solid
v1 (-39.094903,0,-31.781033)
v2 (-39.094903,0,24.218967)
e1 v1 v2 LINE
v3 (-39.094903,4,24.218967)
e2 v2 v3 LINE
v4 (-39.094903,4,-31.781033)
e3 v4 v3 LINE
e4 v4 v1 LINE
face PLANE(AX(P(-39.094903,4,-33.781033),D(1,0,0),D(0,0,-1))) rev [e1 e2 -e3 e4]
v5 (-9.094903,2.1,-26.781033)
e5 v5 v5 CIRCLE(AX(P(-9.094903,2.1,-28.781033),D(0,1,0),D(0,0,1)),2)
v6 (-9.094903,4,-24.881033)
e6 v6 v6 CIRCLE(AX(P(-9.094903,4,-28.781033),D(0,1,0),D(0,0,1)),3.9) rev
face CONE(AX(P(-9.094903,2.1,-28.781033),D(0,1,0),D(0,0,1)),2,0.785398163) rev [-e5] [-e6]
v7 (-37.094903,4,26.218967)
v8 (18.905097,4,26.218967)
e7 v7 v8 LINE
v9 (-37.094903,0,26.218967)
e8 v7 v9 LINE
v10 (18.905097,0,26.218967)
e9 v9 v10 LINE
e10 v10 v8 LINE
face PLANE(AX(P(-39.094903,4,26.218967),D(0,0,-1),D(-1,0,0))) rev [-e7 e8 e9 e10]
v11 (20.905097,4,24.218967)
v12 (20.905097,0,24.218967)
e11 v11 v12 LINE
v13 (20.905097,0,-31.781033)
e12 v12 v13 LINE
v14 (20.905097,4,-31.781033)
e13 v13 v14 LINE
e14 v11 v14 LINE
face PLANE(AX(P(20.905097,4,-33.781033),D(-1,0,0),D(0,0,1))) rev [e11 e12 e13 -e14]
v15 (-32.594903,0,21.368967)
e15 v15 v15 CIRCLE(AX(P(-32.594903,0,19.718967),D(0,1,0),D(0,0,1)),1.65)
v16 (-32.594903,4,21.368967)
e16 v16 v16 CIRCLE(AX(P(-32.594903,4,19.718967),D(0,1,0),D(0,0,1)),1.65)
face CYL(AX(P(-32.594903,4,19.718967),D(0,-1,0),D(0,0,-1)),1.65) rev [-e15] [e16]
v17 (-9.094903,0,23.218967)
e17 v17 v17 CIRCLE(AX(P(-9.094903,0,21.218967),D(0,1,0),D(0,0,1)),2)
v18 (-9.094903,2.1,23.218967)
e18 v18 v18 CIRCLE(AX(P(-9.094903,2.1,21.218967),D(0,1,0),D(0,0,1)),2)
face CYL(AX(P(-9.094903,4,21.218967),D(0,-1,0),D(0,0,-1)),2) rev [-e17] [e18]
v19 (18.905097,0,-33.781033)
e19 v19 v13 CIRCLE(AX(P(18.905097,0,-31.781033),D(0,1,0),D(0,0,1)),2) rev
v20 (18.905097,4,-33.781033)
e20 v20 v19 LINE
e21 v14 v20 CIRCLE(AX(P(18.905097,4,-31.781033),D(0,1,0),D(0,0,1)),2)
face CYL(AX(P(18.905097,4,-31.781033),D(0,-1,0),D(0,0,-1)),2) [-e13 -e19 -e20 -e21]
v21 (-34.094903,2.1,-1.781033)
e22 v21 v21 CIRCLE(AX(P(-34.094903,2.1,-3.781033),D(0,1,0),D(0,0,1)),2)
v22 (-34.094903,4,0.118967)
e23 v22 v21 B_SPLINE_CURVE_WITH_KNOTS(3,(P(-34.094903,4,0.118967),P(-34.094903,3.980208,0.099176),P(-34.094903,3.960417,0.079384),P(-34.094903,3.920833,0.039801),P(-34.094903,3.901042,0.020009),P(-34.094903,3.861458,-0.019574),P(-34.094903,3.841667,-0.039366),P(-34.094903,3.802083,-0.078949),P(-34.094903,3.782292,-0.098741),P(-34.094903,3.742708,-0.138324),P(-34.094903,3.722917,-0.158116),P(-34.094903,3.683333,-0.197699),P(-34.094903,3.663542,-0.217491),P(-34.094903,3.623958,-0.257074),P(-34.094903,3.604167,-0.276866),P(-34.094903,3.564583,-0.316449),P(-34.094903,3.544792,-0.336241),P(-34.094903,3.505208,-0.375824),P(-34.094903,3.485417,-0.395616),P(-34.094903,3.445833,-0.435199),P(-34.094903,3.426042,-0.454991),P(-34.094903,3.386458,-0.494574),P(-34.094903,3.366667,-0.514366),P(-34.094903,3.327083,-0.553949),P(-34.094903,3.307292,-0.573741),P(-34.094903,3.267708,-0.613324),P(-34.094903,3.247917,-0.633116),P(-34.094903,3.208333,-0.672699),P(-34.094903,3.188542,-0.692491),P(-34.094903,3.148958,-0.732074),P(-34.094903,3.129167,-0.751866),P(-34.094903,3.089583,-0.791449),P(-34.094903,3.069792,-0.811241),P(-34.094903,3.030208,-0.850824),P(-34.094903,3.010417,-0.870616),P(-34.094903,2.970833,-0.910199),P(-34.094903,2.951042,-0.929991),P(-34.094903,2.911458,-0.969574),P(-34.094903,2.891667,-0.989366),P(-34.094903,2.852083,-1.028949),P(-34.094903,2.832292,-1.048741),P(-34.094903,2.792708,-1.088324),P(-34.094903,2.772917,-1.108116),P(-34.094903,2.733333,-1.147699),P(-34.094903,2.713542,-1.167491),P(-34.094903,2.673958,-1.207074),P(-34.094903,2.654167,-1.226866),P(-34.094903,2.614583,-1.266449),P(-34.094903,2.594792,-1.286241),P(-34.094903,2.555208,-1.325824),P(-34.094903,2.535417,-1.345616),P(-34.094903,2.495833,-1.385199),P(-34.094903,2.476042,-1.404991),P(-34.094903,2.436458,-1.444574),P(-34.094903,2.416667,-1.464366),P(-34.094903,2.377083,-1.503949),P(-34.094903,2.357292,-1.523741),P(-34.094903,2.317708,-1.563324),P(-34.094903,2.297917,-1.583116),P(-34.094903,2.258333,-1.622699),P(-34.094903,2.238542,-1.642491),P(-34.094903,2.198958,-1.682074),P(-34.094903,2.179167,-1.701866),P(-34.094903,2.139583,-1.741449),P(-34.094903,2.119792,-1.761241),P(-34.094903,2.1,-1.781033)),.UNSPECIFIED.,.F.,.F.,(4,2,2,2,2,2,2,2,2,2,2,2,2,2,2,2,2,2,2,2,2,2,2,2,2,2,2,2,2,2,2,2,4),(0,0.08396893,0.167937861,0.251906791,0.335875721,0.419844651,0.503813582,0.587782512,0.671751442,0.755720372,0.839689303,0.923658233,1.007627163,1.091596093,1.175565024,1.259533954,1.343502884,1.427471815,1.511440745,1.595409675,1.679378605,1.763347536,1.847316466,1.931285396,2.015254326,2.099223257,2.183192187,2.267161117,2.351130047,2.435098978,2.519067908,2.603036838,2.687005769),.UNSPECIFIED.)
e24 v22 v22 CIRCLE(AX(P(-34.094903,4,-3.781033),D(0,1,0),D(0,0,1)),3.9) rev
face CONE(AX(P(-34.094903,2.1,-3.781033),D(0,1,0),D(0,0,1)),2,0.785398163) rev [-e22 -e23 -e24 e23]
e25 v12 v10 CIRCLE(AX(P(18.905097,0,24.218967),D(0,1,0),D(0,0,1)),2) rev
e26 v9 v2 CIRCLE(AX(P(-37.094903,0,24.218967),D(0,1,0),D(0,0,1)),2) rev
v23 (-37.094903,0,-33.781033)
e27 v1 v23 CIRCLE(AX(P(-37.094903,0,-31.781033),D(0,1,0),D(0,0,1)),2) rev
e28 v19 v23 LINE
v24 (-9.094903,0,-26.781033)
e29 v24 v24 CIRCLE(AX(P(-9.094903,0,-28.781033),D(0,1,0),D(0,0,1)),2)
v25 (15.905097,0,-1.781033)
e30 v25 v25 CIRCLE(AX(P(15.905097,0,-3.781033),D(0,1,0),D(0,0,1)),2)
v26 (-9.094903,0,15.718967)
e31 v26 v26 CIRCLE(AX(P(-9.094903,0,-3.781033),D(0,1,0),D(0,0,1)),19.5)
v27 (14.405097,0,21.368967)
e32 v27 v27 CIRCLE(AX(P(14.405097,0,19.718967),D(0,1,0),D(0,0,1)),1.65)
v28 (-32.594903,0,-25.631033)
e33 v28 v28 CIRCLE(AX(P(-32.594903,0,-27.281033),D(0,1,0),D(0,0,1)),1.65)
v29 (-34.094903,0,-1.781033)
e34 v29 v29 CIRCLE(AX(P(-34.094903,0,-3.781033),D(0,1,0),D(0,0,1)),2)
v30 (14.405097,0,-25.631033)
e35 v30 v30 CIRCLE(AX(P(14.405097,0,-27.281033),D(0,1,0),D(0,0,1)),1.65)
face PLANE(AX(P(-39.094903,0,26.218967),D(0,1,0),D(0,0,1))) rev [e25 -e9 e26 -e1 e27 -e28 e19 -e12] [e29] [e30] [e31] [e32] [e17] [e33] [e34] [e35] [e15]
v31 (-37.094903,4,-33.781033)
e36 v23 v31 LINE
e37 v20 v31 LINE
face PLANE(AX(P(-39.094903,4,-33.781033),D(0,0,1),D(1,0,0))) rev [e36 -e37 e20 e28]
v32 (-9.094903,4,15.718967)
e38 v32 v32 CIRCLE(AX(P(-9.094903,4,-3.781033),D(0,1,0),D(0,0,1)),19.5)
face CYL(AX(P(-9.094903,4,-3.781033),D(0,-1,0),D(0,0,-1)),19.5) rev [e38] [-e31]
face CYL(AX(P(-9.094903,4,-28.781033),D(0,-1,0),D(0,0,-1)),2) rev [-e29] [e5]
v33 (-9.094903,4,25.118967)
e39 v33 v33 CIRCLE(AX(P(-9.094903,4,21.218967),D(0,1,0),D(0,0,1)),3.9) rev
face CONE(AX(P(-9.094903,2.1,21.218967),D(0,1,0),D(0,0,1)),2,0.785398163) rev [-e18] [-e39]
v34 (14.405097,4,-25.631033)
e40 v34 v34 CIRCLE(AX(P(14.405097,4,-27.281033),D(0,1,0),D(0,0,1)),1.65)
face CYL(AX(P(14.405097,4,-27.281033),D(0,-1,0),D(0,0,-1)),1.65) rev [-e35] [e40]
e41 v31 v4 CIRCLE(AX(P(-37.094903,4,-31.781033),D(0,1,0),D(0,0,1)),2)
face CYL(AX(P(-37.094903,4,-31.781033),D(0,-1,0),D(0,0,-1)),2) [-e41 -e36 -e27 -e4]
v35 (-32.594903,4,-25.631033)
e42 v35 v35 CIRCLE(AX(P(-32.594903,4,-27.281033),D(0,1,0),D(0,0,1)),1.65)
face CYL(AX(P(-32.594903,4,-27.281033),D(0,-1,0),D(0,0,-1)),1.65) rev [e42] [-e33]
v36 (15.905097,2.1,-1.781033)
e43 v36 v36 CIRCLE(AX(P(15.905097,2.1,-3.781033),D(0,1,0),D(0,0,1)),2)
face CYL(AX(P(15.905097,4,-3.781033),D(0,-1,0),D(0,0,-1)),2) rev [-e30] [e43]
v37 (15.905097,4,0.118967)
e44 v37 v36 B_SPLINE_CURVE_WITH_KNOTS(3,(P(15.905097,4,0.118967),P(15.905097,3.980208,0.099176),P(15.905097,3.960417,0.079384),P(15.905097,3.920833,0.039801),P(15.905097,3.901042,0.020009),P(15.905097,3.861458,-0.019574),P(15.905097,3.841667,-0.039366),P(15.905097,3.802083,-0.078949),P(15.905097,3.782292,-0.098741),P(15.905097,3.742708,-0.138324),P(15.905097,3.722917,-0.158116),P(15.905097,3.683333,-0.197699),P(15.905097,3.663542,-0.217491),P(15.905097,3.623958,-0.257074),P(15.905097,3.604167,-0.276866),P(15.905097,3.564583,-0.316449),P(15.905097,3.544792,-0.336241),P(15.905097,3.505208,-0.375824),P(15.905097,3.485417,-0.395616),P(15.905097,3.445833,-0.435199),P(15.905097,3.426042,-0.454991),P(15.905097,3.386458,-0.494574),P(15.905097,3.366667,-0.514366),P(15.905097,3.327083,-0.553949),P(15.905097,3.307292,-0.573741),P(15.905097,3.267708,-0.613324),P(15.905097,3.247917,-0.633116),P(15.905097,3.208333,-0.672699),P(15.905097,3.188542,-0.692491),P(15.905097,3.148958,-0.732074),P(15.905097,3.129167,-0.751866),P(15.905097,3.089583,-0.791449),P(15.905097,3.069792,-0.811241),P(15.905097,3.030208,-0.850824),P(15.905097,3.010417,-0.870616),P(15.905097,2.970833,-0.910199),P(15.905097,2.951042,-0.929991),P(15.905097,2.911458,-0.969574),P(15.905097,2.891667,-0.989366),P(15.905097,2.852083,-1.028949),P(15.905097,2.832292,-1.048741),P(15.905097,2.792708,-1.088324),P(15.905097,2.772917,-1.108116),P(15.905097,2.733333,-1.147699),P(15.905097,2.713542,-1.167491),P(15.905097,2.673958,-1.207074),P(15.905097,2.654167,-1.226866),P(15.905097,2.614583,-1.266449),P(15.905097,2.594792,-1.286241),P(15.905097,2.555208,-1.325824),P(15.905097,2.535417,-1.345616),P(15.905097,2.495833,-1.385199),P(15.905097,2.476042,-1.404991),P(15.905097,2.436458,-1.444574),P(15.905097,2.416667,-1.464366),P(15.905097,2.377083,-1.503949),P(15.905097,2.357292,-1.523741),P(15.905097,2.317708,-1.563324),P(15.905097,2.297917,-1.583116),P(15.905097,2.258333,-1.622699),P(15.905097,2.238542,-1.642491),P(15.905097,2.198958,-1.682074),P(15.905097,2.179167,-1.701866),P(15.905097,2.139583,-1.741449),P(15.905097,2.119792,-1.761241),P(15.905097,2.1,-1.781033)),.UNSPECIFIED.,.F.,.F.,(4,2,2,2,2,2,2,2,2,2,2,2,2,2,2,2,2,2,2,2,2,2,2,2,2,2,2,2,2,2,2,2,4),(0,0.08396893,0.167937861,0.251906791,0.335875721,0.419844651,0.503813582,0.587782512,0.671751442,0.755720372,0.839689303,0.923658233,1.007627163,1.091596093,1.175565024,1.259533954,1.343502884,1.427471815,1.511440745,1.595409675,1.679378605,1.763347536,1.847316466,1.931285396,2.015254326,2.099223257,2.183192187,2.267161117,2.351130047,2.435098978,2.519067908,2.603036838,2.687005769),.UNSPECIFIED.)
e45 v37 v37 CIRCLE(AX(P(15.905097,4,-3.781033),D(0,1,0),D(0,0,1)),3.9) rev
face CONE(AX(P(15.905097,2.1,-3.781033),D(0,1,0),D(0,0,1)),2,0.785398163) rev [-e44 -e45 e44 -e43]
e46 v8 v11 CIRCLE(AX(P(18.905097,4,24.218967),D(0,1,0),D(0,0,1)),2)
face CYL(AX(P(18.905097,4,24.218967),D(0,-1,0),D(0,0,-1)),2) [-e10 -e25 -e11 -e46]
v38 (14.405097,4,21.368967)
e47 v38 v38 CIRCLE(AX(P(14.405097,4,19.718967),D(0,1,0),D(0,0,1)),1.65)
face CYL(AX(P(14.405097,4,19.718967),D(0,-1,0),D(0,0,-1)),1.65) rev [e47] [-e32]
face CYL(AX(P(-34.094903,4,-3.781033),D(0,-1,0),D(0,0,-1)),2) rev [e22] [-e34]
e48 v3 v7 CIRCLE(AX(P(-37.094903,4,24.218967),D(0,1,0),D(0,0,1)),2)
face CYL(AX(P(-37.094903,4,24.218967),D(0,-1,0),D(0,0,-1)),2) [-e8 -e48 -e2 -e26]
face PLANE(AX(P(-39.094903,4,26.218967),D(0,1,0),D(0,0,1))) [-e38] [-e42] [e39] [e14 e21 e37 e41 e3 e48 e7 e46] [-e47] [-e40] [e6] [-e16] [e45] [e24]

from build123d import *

# Parameters (mm, degrees)
SKETCH_1_W      = 60
SKETCH_1_H      = 60
SKETCH_1_R      = 1.65
SKETCH_1_R_2    = 19.5
SKETCH_1_R_3    = 2
EXTRUDE_1_DEPTH = 4
FILLET_1_R      = 2
CHAMFER_1_SIZE  = 1.9


with BuildPart() as part:
    # Эскиз1 → Бобышка-Вытянуть1 (new body)
    with BuildSketch(Plane(origin=(0, 0, 0), x_dir=(1, 0, 0), z_dir=(0, 1, 0))):
        with Locations((-9.094903125, 3.781032797)):
            Rectangle(SKETCH_1_W, SKETCH_1_H)
        with Locations(Location((-32.594903125, 27.281032797, 0), (0, 0, 270))):
            Circle(SKETCH_1_R, mode=Mode.SUBTRACT)
        with Locations(Location((14.405096875, 27.281032797, 0), (0, 0, 270))):
            Circle(SKETCH_1_R, mode=Mode.SUBTRACT)
        with Locations(Location((-32.594903125, -19.718967203, 0), (0, 0, 270))):
            Circle(SKETCH_1_R, mode=Mode.SUBTRACT)
        with Locations(Location((14.405096875, -19.718967203, 0), (0, 0, 270))):
            Circle(SKETCH_1_R, mode=Mode.SUBTRACT)
        with Locations(Location((-9.094903125, 3.781032797, 0), (0, 0, 270))):
            Circle(SKETCH_1_R_2, mode=Mode.SUBTRACT)
        with Locations(Location((-34.094903125, 3.781032797, 0), (0, 0, 270))):
            Circle(SKETCH_1_R_3, mode=Mode.SUBTRACT)
        with Locations(Location((15.905096875, 3.781032797, 0), (0, 0, 270))):
            Circle(SKETCH_1_R_3, mode=Mode.SUBTRACT)
        with Locations(Location((-9.094903125, 28.781032797, 0), (0, 0, 270))):
            Circle(SKETCH_1_R_3, mode=Mode.SUBTRACT)
        with Locations(Location((-9.094903125, -21.218967203, 0), (0, 0, 270))):
            Circle(SKETCH_1_R_3, mode=Mode.SUBTRACT)
    extrude(amount=EXTRUDE_1_DEPTH)

    # Скругление1
    fillet_1_edges = [part.edges().sort_by_distance(p)[0] for p in [
        (-39.094903125, 2, -33.781032797),
        (20.905096875, 2, -33.781032797),
        (20.905096875, 2, 26.218967203),
        (-39.094903125, 2, 26.218967203),
    ]]
    fillet(fillet_1_edges, radius=FILLET_1_R)

    # Фаска1
    chamfer_1_edges = [part.edges().sort_by_distance(p)[0] for p in [
        (-34.094903125, 4, -5.781032797),
        (15.905096875, 4, -5.781032797),
        (-9.094903125, 4, -30.781032797),
        (-9.094903125, 4, 19.218967203),
    ]]
    chamfer(chamfer_1_edges, length=CHAMFER_1_SIZE)


solid = part.part
